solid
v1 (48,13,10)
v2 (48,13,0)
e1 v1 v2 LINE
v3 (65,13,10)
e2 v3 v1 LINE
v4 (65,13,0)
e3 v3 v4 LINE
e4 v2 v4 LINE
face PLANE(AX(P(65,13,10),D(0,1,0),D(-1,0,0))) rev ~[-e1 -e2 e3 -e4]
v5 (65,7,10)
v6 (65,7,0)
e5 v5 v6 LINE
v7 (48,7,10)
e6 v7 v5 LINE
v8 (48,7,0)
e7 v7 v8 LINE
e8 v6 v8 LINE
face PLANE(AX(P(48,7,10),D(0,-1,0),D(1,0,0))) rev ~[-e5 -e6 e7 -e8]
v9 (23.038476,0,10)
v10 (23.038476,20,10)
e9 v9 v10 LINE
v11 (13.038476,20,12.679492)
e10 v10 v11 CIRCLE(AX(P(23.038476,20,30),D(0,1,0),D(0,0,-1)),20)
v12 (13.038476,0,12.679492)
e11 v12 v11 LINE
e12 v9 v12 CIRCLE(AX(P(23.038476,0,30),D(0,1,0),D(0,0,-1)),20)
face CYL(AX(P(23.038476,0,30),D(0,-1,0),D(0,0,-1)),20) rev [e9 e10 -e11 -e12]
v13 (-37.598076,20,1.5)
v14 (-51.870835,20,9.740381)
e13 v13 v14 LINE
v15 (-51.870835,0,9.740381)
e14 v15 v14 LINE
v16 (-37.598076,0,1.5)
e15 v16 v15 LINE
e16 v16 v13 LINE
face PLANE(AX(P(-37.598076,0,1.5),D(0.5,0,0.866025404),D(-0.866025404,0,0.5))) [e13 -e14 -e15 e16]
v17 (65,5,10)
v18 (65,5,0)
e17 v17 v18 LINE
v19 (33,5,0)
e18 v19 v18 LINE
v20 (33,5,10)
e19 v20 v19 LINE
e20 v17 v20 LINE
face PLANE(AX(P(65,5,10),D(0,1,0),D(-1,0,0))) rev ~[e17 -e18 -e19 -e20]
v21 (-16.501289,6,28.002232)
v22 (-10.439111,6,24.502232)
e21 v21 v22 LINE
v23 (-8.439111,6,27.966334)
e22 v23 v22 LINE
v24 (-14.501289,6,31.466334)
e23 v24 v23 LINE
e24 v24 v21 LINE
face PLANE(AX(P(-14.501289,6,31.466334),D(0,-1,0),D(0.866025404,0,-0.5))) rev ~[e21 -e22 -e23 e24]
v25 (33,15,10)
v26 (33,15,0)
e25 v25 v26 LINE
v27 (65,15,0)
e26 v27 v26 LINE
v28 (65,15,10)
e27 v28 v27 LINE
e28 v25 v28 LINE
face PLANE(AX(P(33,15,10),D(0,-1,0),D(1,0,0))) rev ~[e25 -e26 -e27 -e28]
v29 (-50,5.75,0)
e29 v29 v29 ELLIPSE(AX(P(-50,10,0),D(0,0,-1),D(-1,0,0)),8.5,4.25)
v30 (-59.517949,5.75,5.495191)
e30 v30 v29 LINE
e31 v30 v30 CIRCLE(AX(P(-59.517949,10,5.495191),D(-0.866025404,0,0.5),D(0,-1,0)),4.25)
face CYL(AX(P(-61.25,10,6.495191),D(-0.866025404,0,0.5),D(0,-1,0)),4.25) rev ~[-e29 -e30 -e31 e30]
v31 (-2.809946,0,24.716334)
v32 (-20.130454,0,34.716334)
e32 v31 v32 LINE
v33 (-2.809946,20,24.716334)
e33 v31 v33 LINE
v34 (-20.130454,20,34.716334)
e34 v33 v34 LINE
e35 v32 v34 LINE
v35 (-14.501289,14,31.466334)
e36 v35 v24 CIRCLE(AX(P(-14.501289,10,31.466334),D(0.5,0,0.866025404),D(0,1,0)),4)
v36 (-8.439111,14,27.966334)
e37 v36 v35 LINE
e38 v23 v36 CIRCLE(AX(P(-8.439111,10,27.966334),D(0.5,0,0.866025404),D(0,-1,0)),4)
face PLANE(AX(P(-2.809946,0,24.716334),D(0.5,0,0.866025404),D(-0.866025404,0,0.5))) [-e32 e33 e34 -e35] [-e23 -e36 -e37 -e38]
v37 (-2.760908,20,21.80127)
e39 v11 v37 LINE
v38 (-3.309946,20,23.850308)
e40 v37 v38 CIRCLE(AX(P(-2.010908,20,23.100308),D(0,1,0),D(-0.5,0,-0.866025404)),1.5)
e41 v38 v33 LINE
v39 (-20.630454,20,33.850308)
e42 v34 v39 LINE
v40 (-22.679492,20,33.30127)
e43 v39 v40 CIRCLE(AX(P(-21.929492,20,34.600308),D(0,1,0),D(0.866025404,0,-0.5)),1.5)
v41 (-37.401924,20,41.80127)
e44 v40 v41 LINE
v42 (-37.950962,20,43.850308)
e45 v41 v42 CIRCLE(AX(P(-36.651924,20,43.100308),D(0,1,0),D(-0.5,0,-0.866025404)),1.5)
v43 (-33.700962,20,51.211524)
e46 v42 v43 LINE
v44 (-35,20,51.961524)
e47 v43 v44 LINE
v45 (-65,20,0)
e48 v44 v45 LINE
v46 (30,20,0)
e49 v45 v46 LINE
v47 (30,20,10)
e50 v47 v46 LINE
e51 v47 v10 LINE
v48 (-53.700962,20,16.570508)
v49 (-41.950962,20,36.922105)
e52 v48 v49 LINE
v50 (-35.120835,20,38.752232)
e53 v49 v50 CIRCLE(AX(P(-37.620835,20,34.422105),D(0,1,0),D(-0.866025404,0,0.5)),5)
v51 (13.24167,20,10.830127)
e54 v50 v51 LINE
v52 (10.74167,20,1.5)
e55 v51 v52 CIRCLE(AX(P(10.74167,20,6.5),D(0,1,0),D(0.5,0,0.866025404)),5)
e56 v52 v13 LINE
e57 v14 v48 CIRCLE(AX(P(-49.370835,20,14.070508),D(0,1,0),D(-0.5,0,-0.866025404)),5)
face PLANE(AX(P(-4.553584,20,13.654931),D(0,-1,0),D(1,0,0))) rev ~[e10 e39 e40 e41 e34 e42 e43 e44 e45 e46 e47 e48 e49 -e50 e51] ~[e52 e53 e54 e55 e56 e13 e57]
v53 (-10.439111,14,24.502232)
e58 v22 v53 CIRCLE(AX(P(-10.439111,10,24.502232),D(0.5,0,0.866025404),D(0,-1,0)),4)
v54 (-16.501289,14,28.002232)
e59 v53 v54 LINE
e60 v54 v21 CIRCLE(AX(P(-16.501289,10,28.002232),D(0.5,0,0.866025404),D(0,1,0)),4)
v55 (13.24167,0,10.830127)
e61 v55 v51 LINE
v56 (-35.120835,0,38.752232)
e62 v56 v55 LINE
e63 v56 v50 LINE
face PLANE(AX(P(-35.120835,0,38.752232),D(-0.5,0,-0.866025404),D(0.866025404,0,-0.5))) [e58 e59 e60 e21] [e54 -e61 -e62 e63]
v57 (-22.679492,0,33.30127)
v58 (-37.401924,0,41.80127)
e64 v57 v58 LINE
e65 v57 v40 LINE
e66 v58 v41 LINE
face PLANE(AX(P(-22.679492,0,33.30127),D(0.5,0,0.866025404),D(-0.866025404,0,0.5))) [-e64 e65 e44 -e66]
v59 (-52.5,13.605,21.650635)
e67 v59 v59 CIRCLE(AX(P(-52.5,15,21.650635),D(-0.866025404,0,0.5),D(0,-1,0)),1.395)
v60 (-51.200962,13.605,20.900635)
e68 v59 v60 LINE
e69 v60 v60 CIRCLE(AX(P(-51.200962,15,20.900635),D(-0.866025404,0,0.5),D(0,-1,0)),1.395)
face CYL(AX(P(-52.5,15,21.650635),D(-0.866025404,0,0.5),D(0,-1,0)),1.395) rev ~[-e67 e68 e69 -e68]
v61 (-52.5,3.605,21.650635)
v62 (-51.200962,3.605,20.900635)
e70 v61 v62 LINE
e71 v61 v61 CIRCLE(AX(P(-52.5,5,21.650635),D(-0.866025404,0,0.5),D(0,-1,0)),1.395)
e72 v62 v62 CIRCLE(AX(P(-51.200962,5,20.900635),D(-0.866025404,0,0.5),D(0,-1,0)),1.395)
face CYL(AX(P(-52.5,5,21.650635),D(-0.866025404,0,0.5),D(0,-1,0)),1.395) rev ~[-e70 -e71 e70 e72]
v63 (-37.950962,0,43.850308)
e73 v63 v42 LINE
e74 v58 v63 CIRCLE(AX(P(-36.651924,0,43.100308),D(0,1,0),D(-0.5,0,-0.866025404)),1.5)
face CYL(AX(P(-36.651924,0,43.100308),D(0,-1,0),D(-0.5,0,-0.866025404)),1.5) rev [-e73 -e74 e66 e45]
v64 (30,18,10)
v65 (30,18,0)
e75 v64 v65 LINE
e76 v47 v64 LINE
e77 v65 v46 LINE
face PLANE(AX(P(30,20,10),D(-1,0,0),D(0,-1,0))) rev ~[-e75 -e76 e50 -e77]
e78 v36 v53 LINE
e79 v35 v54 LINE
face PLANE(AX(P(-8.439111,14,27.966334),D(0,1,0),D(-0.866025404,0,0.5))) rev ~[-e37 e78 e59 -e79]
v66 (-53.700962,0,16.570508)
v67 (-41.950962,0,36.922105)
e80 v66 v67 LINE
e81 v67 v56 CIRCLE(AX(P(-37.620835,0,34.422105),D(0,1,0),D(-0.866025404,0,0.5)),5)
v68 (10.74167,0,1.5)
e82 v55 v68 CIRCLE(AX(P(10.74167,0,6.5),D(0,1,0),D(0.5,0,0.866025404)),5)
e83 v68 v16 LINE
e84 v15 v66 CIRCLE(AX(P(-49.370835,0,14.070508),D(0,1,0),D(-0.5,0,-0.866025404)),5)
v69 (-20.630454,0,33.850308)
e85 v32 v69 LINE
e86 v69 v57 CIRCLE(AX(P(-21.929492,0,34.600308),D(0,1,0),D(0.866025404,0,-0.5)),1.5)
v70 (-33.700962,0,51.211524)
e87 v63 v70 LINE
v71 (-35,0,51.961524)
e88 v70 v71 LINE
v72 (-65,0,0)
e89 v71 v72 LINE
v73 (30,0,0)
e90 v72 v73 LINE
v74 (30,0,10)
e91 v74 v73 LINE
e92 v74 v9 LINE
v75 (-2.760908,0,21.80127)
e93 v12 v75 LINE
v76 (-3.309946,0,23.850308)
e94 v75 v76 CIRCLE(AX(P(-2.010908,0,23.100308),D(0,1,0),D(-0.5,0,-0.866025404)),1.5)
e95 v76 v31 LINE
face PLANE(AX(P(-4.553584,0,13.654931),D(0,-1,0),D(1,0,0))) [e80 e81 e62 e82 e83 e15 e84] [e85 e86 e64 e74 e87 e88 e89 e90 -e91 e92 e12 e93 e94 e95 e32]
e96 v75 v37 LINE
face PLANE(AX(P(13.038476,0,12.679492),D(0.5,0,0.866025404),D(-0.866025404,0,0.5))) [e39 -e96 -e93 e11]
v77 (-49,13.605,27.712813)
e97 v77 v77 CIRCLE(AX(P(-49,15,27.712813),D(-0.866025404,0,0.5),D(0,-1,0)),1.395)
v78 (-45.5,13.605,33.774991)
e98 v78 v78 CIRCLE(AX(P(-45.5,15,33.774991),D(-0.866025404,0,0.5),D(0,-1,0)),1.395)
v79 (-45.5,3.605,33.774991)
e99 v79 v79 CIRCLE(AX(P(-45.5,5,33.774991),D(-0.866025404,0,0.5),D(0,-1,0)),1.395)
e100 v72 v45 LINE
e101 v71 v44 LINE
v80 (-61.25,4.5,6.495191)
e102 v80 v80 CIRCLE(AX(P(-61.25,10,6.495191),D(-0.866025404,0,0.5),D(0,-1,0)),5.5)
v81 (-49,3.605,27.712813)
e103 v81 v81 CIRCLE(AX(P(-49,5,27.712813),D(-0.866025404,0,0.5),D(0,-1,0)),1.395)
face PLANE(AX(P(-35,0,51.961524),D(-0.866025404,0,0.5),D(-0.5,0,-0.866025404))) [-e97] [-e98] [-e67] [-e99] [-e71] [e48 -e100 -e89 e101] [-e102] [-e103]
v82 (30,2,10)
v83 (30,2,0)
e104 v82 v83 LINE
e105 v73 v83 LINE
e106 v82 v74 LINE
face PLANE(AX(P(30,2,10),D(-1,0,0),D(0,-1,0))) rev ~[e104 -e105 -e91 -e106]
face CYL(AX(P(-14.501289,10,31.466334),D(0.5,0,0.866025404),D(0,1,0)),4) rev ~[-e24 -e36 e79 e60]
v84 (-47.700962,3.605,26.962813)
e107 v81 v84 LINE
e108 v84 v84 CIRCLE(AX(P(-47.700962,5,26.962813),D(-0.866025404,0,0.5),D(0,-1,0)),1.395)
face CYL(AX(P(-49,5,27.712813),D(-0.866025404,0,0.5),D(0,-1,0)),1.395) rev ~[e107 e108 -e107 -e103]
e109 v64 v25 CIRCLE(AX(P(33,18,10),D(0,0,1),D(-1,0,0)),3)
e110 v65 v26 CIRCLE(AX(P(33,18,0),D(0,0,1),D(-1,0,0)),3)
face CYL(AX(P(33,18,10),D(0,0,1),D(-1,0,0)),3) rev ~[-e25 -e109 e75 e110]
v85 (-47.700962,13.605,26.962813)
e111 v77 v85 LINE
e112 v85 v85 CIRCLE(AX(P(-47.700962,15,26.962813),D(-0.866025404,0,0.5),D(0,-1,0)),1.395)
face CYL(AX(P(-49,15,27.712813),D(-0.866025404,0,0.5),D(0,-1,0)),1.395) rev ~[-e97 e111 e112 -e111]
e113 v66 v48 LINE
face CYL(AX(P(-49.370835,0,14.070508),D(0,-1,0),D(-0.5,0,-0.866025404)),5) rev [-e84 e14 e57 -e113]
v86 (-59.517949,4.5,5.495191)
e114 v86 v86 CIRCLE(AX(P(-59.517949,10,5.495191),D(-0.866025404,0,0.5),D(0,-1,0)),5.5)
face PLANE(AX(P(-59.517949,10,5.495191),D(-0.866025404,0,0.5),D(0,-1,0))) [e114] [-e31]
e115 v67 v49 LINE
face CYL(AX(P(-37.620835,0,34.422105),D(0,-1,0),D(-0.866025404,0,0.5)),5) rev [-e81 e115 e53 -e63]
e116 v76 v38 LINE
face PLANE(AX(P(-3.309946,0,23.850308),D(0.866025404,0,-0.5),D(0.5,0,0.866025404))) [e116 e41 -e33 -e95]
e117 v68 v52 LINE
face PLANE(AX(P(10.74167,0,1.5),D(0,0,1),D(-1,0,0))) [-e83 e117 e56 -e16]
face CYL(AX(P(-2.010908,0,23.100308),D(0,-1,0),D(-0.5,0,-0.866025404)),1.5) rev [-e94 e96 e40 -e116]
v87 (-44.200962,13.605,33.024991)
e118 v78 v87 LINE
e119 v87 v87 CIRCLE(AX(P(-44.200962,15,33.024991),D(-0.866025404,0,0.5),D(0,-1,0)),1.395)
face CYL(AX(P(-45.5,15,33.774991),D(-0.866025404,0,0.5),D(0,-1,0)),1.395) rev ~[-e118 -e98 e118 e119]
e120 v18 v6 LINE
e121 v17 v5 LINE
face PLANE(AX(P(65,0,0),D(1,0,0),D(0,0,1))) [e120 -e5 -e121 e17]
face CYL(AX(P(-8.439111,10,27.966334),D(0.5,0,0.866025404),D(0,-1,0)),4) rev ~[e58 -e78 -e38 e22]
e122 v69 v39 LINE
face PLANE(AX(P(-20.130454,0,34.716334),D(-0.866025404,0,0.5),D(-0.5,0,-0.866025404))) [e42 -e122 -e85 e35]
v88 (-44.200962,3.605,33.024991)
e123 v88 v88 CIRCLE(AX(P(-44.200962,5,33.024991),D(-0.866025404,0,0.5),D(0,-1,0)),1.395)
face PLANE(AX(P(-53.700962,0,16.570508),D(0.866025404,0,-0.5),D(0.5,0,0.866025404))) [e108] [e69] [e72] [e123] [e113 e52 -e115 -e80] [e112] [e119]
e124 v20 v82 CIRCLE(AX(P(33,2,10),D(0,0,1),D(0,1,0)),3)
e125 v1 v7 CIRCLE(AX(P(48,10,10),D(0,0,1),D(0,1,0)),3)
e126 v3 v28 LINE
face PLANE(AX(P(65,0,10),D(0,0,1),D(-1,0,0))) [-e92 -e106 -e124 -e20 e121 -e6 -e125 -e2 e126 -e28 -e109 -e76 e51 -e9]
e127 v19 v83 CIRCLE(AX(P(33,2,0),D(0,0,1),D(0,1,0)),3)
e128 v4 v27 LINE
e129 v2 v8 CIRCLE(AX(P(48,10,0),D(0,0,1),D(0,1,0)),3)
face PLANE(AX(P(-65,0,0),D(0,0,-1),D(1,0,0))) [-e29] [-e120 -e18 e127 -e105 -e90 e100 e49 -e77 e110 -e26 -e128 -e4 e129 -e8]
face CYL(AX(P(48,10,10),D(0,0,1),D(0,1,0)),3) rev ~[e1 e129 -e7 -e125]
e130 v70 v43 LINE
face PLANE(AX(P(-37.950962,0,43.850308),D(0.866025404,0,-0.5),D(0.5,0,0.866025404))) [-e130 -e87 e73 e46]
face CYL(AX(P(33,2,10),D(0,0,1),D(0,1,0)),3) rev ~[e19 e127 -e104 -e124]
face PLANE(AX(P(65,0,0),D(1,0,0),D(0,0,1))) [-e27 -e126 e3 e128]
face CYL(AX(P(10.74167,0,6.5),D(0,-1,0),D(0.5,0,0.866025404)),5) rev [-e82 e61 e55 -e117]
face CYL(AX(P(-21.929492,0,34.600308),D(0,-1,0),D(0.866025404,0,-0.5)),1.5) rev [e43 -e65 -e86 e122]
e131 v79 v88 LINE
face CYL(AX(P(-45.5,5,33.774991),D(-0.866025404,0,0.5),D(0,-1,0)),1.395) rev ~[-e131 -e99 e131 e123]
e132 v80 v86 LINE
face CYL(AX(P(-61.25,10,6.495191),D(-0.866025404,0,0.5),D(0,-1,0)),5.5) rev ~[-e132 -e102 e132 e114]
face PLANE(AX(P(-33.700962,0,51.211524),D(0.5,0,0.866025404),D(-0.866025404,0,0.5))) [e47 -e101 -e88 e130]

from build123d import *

# Parameters (mm, degrees)
F1_DEPTH  = 20
F3_DEPTH  = 4
F5_DEPTH  = 10.001
F6_R      = 4.25
F6_R_2    = 1.395
F7_DEPTH  = 20.3525969889
F8_R      = 5.5
F9_DEPTH  = 2
F10_DEPTH = 10.001


with BuildPart() as f1:
    # F0 (on Front) → F1 (new body)
    with BuildSketch(Plane.XZ):
        with BuildLine():
            Line((-35, 51.9615242271), (-65, 0))
            Line((-65, 0), (65, 0))
            Line((65, 0), (65, 10))
            Line((65, 10), (23.0384757729, 10))
            ThreePointArc((23.0384757729, 10), (17.8620948709, 10.6814834742), (13.0384757729, 12.6794919243))
            Line((13.0384757729, 12.6794919243), (-2.7609076373, 21.8012701892))
            ThreePointArc((-2.7609076373, 21.8012701892), (-3.4597963767, 22.7120797272), (-3.3099457429, 23.8503082949))
            Line((-3.3099457429, 23.8503082949), (-2.8099457429, 24.7163336987))
            Line((-2.8099457429, 24.7163336987), (-20.1304538186, 34.7163336987))
            Line((-20.1304538186, 34.7163336987), (-20.6304538186, 33.8503082949))
            ThreePointArc((-20.6304538186, 33.8503082949), (-21.5412633567, 33.1514195555), (-22.6794919243, 33.3012701892))
            Line((-22.6794919243, 33.3012701892), (-37.4019237886, 41.8012701892))
            ThreePointArc((-37.4019237886, 41.8012701892), (-38.1008125281, 42.7120797272), (-37.9509618943, 43.8503082949))
            Line((-37.9509618943, 43.8503082949), (-33.7009618943, 51.2115242271))
            Line((-33.7009618943, 51.2115242271), (-35, 51.9615242271))
        make_face()
        with BuildLine():
            ThreePointArc((-51.8708348754, 9.7403810568), (-54.2004640068, 12.7764128502), (-53.7009618943, 16.5705080757))
            Line((-53.7009618943, 16.5705080757), (-41.9509618943, 36.9221050646))
            ThreePointArc((-41.9509618943, 36.9221050646), (-38.9149301009, 39.2517341961), (-35.1208348754, 38.7522320835))
            Line((-35.1208348754, 38.7522320835), (13.2416697508, 10.8301270189))
            ThreePointArc((13.2416697508, 10.8301270189), (15.5712988822, 5.2059047745), (10.7416697508, 1.5))
            Line((10.7416697508, 1.5), (-37.5980762114, 1.5))
            Line((-37.5980762114, 1.5), (-51.8708348754, 9.7403810568))
        make_face(mode=Mode.SUBTRACT)
    extrude(amount=-F1_DEPTH)

    # F2 (on face) → F3 (cut, through all)
    with BuildSketch(Plane(origin=(10, 0, 17.3205080757), x_dir=(0.8660254038, 0, -0.5), z_dir=(0.5, 0, 0.8660254038))):
        with BuildLine():
            ThreePointArc((-28.291651246, 14), (-32.291651246, 10), (-28.291651246, 6))
            Line((-28.291651246, 6), (-21.291651246, 6))
            ThreePointArc((-21.291651246, 6), (-17.291651246, 10), (-21.291651246, 14))
            Line((-21.291651246, 14), (-28.291651246, 14))
        make_face()
    extrude(amount=-F3_DEPTH, mode=Mode.SUBTRACT)

    # F4 (on face) → F5 (cut, through all)
    with BuildSketch(Plane.XY.offset(10)):
        with BuildLine():
            Line((48, 7), (65, 7))
            Line((65, 7), (65, 13))
            Line((65, 13), (48, 13))
            ThreePointArc((48, 13), (45, 10), (48, 7))
        make_face()
    extrude(amount=-F5_DEPTH, mode=Mode.SUBTRACT)

    # F6 (on face) → F7 (cut, through all)
    with BuildSketch(Plane(origin=(-48.75, 0, 28.145825623), x_dir=(0, -1, 0), z_dir=(-0.8660254038, 0, 0.5))):
        with Locations((-10, -25)):
            Circle(F6_R)
        with Locations((-15, -7.5)):
            Circle(F6_R_2)
        with Locations((-15, -0.5)):
            Circle(F6_R_2)
        with Locations((-15, 6.5)):
            Circle(F6_R_2)
        with Locations((-5, -7.5)):
            Circle(F6_R_2)
        with Locations((-5, -0.5)):
            Circle(F6_R_2)
        with Locations((-5, 6.5)):
            Circle(F6_R_2)
    extrude(amount=-F7_DEPTH, mode=Mode.SUBTRACT)

    # F8 (on face) → F9 (cut)
    with BuildSketch(Plane(origin=(-48.75, 0, 28.145825623), x_dir=(0, -1, 0), z_dir=(-0.8660254038, 0, 0.5))):
        with Locations((-10, -25)):
            Circle(F8_R)
    extrude(amount=-F9_DEPTH, mode=Mode.SUBTRACT)

    # F4 (on face) → F10 (cut, through all)
    with BuildSketch(Plane.XY.offset(10)):
        with BuildLine():
            Line((33, 15), (65, 15))
            Line((65, 15), (65, 20))
            Line((65, 20), (30, 20))
            Line((30, 20), (30, 18))
            ThreePointArc((30, 18), (30.8786796564, 15.8786796564), (33, 15))
        make_face()
        with BuildLine():
            Line((65, 0), (65, 5))
            Line((65, 5), (33, 5))
            ThreePointArc((33, 5), (30.8786796564, 4.1213203436), (30, 2))
            Line((30, 2), (30, 0))
            Line((30, 0), (65, 0))
        make_face()
    extrude(amount=-F10_DEPTH, mode=Mode.SUBTRACT)


solid = f1.part
